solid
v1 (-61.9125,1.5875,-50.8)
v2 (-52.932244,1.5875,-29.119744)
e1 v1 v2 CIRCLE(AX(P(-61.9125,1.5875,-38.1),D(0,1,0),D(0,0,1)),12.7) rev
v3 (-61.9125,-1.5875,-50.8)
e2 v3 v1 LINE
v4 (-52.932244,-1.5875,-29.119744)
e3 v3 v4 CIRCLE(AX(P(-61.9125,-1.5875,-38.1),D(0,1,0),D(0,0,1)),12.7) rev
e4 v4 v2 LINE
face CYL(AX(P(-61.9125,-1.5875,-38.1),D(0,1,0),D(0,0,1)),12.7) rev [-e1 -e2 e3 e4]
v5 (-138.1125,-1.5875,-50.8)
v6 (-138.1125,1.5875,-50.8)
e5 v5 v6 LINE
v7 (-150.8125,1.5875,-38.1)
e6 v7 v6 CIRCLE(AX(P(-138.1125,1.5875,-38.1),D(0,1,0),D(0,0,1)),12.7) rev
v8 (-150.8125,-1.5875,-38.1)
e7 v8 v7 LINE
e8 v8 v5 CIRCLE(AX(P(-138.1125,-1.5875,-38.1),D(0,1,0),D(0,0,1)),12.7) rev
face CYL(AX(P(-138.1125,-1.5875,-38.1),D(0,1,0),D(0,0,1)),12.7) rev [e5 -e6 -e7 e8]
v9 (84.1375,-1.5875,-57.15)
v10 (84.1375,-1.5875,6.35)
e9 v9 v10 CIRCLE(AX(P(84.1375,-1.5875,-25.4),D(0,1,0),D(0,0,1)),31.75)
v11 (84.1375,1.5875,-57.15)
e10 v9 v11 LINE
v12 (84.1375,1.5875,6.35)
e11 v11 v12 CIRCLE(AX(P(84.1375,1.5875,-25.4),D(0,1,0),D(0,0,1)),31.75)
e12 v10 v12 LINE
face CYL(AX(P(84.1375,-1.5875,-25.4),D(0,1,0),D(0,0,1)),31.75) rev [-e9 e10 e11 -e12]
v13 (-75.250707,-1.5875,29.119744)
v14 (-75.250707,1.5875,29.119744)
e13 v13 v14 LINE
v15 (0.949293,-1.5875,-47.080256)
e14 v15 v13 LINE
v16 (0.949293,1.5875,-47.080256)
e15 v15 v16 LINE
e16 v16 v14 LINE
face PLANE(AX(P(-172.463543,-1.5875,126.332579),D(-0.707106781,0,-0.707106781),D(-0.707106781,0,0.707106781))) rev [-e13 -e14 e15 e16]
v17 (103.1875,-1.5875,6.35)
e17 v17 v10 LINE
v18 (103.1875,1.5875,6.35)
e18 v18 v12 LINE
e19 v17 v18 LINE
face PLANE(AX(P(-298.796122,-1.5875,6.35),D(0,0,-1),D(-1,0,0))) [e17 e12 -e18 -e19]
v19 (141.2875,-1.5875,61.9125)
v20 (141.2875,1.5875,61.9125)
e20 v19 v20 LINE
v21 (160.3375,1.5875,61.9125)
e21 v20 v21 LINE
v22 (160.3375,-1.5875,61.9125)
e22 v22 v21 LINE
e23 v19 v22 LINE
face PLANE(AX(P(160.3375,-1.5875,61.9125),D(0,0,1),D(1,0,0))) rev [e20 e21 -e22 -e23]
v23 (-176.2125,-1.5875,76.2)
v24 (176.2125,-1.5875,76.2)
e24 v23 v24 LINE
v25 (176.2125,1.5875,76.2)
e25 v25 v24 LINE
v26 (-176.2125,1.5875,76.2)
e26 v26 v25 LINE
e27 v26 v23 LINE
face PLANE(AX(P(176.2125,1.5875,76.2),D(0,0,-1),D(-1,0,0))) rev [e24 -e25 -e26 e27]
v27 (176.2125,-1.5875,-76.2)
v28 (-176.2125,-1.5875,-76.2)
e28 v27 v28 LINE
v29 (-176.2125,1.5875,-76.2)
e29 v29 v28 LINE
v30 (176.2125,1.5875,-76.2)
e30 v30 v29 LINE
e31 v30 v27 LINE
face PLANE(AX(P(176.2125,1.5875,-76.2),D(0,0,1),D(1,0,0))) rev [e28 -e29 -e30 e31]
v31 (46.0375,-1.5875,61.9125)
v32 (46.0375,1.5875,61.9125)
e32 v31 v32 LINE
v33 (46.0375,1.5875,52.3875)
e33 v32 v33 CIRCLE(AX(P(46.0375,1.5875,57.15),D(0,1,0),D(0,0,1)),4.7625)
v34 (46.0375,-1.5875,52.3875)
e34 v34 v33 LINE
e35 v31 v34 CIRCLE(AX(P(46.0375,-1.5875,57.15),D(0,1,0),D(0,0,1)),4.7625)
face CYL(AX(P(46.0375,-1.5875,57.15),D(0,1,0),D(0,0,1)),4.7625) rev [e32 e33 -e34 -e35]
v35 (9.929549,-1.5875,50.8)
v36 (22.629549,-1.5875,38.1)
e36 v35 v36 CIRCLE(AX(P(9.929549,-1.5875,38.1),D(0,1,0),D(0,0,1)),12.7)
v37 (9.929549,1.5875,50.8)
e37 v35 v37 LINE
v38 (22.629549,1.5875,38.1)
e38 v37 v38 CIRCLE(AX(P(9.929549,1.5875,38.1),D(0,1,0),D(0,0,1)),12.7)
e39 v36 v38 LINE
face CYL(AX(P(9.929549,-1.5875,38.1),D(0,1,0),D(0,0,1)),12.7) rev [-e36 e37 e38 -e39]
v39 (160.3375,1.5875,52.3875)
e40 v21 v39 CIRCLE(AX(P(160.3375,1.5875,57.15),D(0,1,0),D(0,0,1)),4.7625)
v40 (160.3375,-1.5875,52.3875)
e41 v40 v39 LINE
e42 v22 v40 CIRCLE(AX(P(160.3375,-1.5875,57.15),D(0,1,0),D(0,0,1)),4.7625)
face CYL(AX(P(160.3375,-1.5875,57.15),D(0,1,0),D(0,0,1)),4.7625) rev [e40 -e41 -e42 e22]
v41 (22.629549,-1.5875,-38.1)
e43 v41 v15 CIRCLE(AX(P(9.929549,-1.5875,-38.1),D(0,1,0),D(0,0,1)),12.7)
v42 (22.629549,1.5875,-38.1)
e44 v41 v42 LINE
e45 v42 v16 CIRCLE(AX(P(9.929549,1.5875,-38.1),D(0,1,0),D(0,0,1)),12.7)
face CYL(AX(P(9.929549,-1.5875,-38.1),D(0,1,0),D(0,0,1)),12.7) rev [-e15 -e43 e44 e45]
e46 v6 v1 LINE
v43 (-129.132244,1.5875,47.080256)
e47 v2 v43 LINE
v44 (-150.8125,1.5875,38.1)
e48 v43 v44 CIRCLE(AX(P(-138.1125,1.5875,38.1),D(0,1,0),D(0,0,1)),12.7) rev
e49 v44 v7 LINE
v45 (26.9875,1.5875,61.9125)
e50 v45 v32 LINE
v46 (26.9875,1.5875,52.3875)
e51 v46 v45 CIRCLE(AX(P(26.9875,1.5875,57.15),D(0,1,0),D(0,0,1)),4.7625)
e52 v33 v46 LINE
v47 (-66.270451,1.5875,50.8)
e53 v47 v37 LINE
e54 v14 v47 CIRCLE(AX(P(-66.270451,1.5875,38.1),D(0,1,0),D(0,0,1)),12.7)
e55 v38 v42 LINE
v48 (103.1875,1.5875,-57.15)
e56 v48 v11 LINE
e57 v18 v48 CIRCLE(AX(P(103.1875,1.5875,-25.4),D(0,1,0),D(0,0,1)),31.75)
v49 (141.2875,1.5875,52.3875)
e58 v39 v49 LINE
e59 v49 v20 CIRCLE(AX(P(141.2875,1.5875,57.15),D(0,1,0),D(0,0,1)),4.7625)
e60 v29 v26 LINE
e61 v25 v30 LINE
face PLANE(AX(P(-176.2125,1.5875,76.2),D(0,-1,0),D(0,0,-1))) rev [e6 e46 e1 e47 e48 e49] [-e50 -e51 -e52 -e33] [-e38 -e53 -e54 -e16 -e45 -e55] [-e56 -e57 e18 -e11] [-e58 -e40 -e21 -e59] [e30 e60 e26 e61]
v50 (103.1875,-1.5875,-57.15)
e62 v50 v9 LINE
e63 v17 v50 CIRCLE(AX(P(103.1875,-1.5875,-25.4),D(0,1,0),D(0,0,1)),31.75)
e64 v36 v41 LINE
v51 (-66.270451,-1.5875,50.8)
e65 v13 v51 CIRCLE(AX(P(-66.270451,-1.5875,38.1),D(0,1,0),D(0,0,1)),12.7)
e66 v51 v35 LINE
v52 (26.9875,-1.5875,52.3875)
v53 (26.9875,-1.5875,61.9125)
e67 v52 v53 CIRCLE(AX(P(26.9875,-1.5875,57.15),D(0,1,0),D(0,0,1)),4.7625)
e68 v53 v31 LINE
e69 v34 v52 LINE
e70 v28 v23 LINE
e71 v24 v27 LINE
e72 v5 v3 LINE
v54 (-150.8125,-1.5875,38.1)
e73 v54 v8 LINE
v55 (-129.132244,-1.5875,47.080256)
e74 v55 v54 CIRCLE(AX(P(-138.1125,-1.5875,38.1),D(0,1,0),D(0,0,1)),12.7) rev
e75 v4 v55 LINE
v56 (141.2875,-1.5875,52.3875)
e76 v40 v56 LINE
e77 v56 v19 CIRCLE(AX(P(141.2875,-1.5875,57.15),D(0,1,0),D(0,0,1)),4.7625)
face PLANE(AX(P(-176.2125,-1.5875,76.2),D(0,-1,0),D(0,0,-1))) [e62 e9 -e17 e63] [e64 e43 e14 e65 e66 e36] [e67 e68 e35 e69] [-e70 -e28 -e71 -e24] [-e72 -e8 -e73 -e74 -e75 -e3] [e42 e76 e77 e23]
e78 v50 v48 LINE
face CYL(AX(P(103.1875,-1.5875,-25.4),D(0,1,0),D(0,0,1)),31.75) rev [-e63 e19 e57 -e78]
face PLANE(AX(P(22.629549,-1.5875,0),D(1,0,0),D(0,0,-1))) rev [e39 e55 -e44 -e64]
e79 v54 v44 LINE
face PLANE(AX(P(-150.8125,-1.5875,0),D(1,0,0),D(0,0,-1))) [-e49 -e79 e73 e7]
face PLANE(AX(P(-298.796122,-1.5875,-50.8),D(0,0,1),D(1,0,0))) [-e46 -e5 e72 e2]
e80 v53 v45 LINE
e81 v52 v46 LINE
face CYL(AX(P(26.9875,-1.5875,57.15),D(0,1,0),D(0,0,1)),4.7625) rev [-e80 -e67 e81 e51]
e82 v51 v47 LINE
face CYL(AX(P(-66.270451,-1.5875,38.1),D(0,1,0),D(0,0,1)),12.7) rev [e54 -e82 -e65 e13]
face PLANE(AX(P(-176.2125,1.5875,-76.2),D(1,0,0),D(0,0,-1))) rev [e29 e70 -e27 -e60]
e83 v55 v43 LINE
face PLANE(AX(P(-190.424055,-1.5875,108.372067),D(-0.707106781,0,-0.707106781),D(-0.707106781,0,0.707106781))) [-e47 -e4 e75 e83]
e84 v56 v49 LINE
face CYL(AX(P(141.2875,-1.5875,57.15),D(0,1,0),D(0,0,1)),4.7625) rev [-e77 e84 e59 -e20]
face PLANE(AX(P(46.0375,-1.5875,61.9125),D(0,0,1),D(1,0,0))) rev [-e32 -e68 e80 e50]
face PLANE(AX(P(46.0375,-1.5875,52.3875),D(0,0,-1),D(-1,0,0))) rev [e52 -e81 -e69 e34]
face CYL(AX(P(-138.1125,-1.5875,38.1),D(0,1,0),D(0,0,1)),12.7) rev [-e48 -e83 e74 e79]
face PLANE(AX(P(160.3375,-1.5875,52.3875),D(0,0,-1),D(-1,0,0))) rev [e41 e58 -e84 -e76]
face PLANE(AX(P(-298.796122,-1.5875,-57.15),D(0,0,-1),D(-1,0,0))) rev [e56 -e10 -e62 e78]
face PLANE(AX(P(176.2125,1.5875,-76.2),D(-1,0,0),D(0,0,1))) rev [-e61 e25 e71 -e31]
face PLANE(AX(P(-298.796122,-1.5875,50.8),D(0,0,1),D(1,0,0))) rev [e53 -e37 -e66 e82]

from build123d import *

# Parameters (mm, degrees)
SKETCH1_W           = 352.425
SKETCH1_H           = 152.4
BOSS_EXTRUDE1_DEPTH = 1.5875
CUT_EXTRUDE1_DEPTH  = 4.175
CUT_EXTRUDE2_DEPTH  = 4.175


with BuildPart() as part:
    # Sketch1 → Boss-Extrude1 (new body, symmetric)
    with BuildSketch(Plane(origin=(0, 0, 0), x_dir=(1, 0, 0), z_dir=(0, 1, 0))):
        Rectangle(SKETCH1_W, SKETCH1_H)
    extrude(amount=BOSS_EXTRUDE1_DEPTH, both=True)

    # Sketch2 → Cut-Extrude1 (cut, through all)
    with BuildSketch(Plane(origin=(0, 1.5875, 0), x_dir=(1, 0, 0), z_dir=(0, 1, 0))):
        with BuildLine():
            Line((103.1875, -6.35), (84.1375, -6.35))
            ThreePointArc((84.1375, -6.35), (52.3875, 25.4), (84.1375, 57.15))
            Line((84.1375, 57.15), (103.1875, 57.15))
            ThreePointArc((103.1875, 57.15), (134.9375, 25.4), (103.1875, -6.35))
        make_face()
        with BuildLine():
            Line((-138.1125, 50.8), (-61.9125, 50.8))
            ThreePointArc((-61.9125, 50.8), (-50.179229937, 42.960079591), (-52.932243879, 29.119743879))
            Line((-52.932243879, 29.119743879), (-129.132243879, -47.080256121))
            ThreePointArc((-129.132243879, -47.080256121), (-142.972579591, -49.833270063), (-150.8125, -38.1))
            Line((-150.8125, -38.1), (-150.8125, 38.1))
            ThreePointArc((-150.8125, 38.1), (-147.092756121, 47.080256121), (-138.1125, 50.8))
        make_face()
        with BuildLine():
            Line((-66.270451031, -50.8), (9.929548969, -50.8))
            ThreePointArc((9.929548969, -50.8), (18.90980509, -47.080256121), (22.629548969, -38.1))
            Line((22.629548969, -38.1), (22.629548969, 38.1))
            ThreePointArc((22.629548969, 38.1), (14.78962856, 49.833270063), (0.949292847, 47.080256121))
            Line((0.949292847, 47.080256121), (-75.250707153, -29.119743879))
            ThreePointArc((-75.250707153, -29.119743879), (-78.003721094, -42.960079591), (-66.270451031, -50.8))
        make_face()
    extrude(amount=-CUT_EXTRUDE1_DEPTH, mode=Mode.SUBTRACT)

    # Sketch3 → Cut-Extrude2 (cut, through all)
    with BuildSketch(Plane(origin=(0, 1.5875, 0), x_dir=(1, 0, 0), z_dir=(0, 1, 0))):
        with BuildLine():
            Line((160.3375, -61.9125), (141.2875, -61.9125))
            ThreePointArc((141.2875, -61.9125), (136.525, -57.15), (141.2875, -52.3875))
            Line((141.2875, -52.3875), (160.3375, -52.3875))
            ThreePointArc((160.3375, -52.3875), (165.1, -57.15), (160.3375, -61.9125))
        make_face()
        with BuildLine():
            Line((46.0375, -61.9125), (26.9875, -61.9125))
            ThreePointArc((26.9875, -61.9125), (22.225, -57.15), (26.9875, -52.3875))
            Line((26.9875, -52.3875), (46.0375, -52.3875))
            ThreePointArc((46.0375, -52.3875), (50.8, -57.15), (46.0375, -61.9125))
        make_face()
    extrude(amount=-CUT_EXTRUDE2_DEPTH, mode=Mode.SUBTRACT)


solid = part.part
